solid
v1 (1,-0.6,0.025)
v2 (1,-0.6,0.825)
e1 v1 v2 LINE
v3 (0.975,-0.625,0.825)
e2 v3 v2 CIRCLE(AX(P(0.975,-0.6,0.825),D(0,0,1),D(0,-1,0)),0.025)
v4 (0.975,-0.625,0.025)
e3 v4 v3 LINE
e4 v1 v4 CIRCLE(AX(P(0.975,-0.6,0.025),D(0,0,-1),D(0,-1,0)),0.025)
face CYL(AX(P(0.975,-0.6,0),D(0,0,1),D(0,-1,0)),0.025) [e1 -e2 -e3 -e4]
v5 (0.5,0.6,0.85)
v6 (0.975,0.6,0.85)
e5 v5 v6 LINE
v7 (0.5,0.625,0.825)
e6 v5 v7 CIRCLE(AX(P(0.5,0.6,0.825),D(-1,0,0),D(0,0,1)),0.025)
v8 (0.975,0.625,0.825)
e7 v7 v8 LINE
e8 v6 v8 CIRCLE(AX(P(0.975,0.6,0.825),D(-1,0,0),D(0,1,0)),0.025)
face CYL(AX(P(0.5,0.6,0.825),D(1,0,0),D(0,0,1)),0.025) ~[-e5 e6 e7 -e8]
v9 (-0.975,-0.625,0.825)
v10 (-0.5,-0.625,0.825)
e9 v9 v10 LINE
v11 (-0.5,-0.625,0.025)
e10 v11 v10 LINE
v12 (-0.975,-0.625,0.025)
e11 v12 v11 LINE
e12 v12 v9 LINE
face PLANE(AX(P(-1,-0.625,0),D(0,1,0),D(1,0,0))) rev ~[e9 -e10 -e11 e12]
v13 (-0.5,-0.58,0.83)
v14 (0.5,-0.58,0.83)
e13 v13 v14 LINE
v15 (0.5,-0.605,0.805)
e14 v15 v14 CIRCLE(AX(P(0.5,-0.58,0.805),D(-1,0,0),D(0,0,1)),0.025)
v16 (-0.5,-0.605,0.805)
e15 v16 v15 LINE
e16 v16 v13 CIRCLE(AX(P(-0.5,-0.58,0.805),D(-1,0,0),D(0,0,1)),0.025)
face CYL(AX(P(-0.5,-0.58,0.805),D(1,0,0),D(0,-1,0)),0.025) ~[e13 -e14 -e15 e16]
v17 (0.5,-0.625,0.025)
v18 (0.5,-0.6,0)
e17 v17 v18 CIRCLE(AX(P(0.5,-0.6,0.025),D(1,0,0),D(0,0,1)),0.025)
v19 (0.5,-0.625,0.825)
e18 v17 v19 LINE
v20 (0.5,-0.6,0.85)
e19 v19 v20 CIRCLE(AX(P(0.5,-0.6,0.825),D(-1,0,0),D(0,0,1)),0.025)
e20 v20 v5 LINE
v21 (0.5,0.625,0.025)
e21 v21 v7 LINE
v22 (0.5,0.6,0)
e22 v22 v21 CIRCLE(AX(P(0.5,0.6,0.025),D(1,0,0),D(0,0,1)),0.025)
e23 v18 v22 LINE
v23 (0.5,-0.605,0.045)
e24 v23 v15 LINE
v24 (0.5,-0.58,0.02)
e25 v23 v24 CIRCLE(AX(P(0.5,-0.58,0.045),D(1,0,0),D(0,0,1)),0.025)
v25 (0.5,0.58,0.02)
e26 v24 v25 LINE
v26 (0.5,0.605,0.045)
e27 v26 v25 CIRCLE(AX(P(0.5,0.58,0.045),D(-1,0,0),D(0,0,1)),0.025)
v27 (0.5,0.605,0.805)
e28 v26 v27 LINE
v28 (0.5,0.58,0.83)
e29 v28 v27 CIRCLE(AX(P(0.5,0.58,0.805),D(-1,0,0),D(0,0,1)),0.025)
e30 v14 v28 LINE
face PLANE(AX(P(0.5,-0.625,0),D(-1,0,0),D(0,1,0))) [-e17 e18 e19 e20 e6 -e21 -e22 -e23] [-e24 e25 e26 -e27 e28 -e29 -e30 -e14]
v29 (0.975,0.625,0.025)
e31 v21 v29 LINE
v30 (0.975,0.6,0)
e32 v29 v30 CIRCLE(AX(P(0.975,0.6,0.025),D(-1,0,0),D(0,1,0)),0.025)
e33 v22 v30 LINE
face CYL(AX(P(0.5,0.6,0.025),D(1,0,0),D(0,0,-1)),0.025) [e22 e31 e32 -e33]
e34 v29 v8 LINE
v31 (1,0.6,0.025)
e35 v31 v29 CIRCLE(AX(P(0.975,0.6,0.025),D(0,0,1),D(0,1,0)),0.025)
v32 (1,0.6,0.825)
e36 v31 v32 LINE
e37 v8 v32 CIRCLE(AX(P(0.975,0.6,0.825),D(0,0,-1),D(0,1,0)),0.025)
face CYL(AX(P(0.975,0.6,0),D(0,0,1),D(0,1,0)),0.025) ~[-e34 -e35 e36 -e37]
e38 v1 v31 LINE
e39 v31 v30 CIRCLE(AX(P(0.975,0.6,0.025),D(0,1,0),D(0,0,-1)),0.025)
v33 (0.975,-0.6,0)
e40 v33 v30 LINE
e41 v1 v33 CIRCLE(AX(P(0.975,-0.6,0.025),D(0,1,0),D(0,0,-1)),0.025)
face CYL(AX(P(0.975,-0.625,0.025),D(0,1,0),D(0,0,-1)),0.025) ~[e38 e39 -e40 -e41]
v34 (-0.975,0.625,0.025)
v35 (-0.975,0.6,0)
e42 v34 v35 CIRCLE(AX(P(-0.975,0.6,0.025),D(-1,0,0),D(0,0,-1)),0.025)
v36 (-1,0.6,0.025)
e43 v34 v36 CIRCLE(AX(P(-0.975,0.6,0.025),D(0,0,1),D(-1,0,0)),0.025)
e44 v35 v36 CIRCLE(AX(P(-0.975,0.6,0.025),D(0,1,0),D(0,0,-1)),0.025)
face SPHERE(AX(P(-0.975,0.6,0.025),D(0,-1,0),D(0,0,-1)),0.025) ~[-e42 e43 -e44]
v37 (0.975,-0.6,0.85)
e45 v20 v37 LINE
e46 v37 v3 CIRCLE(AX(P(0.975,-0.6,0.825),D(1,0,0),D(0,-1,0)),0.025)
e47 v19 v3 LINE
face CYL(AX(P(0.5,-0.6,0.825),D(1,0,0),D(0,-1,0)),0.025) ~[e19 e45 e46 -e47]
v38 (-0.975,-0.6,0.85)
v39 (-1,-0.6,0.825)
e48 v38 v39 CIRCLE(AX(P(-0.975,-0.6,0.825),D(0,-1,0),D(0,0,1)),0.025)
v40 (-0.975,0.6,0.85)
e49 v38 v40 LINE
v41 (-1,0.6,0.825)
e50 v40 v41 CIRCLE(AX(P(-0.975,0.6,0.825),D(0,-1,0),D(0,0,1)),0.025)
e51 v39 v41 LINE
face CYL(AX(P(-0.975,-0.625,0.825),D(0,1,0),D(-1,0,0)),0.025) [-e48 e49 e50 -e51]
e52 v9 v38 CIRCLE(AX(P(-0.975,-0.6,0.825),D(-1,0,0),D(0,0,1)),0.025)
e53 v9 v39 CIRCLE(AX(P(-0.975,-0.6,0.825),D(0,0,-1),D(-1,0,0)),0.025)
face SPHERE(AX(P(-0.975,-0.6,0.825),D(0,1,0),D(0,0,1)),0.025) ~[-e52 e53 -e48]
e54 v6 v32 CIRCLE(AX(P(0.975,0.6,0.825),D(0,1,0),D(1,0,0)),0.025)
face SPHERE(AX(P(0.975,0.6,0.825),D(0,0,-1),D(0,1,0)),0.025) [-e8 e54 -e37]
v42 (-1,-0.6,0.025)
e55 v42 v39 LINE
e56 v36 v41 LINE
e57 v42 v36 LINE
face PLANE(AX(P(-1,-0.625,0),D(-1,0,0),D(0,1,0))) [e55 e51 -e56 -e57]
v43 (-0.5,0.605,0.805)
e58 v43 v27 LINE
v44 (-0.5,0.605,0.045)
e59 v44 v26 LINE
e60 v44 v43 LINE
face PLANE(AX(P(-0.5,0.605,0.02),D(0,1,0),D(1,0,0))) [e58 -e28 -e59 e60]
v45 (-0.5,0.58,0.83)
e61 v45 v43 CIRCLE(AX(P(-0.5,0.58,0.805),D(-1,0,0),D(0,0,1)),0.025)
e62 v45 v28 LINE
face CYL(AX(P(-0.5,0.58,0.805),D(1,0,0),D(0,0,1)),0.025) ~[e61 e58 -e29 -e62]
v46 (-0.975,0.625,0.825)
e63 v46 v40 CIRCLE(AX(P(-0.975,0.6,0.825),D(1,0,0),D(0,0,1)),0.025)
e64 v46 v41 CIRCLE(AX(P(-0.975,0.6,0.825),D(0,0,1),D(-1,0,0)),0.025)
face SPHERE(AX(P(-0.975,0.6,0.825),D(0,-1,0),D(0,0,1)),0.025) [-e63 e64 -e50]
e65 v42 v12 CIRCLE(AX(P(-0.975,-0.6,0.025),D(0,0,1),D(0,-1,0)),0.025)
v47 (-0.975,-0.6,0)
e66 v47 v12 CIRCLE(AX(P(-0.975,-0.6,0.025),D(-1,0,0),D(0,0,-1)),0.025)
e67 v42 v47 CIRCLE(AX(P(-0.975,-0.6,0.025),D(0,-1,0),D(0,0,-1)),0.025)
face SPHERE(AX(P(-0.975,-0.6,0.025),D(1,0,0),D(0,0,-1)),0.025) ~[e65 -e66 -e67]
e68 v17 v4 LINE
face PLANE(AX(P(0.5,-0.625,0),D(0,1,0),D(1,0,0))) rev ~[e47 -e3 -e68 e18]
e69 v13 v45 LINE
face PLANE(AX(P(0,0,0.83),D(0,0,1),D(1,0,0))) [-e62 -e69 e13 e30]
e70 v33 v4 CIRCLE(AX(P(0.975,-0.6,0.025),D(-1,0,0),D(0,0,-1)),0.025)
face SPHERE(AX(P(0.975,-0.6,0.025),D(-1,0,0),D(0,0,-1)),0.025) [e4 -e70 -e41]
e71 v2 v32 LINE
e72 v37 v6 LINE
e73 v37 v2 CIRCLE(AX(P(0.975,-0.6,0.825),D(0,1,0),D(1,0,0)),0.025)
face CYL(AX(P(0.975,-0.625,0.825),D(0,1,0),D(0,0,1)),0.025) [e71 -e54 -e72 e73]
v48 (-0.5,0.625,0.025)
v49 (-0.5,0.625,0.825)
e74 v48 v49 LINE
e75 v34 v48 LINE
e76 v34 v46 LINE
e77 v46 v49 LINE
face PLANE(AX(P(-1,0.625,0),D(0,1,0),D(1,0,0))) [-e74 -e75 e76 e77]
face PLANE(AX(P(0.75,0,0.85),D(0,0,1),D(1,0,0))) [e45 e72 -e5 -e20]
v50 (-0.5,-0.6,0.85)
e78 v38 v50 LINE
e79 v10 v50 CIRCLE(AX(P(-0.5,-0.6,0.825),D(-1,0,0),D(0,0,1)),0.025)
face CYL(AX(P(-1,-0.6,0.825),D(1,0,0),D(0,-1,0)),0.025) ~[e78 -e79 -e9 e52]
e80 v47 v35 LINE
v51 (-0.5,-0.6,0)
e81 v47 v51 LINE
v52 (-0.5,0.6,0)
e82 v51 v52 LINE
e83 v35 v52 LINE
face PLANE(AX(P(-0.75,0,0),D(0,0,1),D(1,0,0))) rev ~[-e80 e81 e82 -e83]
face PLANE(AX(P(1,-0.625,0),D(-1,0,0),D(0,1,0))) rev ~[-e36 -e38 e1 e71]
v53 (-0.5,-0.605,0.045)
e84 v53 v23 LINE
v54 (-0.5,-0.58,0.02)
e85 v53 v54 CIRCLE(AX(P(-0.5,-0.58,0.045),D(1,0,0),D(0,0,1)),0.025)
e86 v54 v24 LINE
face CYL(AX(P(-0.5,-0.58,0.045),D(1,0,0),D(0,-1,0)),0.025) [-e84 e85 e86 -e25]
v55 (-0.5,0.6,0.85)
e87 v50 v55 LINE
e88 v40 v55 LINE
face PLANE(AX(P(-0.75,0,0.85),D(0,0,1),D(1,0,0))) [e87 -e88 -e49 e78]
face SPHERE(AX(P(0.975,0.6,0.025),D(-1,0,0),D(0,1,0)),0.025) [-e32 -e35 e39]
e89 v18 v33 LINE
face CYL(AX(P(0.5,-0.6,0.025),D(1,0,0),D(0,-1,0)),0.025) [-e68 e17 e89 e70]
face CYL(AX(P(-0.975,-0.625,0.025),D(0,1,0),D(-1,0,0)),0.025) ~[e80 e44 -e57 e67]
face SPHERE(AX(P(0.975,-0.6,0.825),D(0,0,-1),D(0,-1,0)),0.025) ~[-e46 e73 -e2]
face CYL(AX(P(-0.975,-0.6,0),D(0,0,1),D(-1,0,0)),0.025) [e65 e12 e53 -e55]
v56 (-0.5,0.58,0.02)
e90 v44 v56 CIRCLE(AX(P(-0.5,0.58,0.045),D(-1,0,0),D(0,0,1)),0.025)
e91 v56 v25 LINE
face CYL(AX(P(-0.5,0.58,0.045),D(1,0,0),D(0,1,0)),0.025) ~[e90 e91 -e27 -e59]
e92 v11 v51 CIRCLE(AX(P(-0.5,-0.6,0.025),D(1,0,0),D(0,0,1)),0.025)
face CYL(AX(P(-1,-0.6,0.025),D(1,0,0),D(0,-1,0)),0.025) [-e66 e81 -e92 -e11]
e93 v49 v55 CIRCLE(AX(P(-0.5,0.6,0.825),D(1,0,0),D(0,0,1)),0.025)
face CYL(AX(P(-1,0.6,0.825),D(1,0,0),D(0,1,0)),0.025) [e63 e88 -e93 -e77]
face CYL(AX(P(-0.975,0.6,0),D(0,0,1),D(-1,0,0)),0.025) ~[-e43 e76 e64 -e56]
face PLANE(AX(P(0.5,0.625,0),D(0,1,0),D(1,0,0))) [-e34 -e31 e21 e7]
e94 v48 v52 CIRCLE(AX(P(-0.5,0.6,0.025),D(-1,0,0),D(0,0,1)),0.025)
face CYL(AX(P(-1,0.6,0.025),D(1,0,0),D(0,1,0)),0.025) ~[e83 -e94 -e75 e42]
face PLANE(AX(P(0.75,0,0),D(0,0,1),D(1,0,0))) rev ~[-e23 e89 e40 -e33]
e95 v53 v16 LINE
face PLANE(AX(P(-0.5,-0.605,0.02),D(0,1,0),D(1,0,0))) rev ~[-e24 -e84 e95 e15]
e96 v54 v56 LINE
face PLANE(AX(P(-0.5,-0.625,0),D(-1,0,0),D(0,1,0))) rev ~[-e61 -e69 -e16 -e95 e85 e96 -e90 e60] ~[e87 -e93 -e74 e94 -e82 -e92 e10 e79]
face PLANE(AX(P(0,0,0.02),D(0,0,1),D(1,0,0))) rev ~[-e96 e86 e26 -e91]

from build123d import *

# Parameters (mm, degrees)
SKETCH_3_W        = 0.5
SKETCH_3_H        = 1.25
EXTRUDE_3_DEPTH   = 0.85
EXTRUDE_3_2_DEPTH = 0.85
EXTRUDE_START     = 0.02
SKETCH_4_W        = 1
SKETCH_4_H        = 1.21
EXTRUDE_3_3_DEPTH = 0.81
FILLET_2_R        = 0.025
FILLET_3_R        = 0.025


with BuildPart() as part:
    # Эскиз3 → Extrude 3 (new body)
    with BuildSketch(Plane.XY):
        with Locations((0.75, 0)):
            Rectangle(SKETCH_3_W, SKETCH_3_H)
    extrude(amount=EXTRUDE_3_DEPTH)



with BuildPart() as body_2:
    # Эскиз3 → Extrude 3 2 (new body)
    with BuildSketch(Plane.XY):
        with Locations((-0.75, 0)):
            Rectangle(SKETCH_3_W, SKETCH_3_H)
    extrude(amount=EXTRUDE_3_2_DEPTH)


with BuildPart() as part_1:
    add(part.part)

    add(body_2.part)  # Extrude 3 3 merges body 2
    # Эскиз4 → Extrude 3 3 (add)
    with BuildSketch(Plane.XY.offset(EXTRUDE_START)):
        Rectangle(SKETCH_4_W, SKETCH_4_H)
    extrude(amount=EXTRUDE_3_3_DEPTH)

    # Скругление2
    fillet_2_edges = [part_1.edges().sort_by_distance(p)[0] for p in [
        (-1, 0, 0.85),
        (-0.75, -0.625, 0.85),
        (0.75, 0.625, 0),
        (1, 0.625, 0.425),
        (0.75, -0.625, 0),
        (1, 0, 0),
        (1, -0.625, 0.425),
        (0.75, 0.625, 0.85),
        (0.75, -0.625, 0.85),
        (1, 0, 0.85),
        (-0.75, -0.625, 0),
        (-1, 0, 0),
        (-0.75, 0.625, 0),
        (-0.75, 0.625, 0.85),
        (-1, -0.625, 0.425),
        (-1, 0.625, 0.425),
    ]]
    fillet(fillet_2_edges, radius=FILLET_2_R)

    # Скругление3
    fillet_3_edges = [part_1.edges().sort_by_distance(p)[0] for p in [
        (0, -0.605, 0.02),
        (0, 0.605, 0.02),
        (0, 0.605, 0.83),
        (0, -0.605, 0.83),
    ]]
    fillet(fillet_3_edges, radius=FILLET_3_R)


solid = part_1.part
